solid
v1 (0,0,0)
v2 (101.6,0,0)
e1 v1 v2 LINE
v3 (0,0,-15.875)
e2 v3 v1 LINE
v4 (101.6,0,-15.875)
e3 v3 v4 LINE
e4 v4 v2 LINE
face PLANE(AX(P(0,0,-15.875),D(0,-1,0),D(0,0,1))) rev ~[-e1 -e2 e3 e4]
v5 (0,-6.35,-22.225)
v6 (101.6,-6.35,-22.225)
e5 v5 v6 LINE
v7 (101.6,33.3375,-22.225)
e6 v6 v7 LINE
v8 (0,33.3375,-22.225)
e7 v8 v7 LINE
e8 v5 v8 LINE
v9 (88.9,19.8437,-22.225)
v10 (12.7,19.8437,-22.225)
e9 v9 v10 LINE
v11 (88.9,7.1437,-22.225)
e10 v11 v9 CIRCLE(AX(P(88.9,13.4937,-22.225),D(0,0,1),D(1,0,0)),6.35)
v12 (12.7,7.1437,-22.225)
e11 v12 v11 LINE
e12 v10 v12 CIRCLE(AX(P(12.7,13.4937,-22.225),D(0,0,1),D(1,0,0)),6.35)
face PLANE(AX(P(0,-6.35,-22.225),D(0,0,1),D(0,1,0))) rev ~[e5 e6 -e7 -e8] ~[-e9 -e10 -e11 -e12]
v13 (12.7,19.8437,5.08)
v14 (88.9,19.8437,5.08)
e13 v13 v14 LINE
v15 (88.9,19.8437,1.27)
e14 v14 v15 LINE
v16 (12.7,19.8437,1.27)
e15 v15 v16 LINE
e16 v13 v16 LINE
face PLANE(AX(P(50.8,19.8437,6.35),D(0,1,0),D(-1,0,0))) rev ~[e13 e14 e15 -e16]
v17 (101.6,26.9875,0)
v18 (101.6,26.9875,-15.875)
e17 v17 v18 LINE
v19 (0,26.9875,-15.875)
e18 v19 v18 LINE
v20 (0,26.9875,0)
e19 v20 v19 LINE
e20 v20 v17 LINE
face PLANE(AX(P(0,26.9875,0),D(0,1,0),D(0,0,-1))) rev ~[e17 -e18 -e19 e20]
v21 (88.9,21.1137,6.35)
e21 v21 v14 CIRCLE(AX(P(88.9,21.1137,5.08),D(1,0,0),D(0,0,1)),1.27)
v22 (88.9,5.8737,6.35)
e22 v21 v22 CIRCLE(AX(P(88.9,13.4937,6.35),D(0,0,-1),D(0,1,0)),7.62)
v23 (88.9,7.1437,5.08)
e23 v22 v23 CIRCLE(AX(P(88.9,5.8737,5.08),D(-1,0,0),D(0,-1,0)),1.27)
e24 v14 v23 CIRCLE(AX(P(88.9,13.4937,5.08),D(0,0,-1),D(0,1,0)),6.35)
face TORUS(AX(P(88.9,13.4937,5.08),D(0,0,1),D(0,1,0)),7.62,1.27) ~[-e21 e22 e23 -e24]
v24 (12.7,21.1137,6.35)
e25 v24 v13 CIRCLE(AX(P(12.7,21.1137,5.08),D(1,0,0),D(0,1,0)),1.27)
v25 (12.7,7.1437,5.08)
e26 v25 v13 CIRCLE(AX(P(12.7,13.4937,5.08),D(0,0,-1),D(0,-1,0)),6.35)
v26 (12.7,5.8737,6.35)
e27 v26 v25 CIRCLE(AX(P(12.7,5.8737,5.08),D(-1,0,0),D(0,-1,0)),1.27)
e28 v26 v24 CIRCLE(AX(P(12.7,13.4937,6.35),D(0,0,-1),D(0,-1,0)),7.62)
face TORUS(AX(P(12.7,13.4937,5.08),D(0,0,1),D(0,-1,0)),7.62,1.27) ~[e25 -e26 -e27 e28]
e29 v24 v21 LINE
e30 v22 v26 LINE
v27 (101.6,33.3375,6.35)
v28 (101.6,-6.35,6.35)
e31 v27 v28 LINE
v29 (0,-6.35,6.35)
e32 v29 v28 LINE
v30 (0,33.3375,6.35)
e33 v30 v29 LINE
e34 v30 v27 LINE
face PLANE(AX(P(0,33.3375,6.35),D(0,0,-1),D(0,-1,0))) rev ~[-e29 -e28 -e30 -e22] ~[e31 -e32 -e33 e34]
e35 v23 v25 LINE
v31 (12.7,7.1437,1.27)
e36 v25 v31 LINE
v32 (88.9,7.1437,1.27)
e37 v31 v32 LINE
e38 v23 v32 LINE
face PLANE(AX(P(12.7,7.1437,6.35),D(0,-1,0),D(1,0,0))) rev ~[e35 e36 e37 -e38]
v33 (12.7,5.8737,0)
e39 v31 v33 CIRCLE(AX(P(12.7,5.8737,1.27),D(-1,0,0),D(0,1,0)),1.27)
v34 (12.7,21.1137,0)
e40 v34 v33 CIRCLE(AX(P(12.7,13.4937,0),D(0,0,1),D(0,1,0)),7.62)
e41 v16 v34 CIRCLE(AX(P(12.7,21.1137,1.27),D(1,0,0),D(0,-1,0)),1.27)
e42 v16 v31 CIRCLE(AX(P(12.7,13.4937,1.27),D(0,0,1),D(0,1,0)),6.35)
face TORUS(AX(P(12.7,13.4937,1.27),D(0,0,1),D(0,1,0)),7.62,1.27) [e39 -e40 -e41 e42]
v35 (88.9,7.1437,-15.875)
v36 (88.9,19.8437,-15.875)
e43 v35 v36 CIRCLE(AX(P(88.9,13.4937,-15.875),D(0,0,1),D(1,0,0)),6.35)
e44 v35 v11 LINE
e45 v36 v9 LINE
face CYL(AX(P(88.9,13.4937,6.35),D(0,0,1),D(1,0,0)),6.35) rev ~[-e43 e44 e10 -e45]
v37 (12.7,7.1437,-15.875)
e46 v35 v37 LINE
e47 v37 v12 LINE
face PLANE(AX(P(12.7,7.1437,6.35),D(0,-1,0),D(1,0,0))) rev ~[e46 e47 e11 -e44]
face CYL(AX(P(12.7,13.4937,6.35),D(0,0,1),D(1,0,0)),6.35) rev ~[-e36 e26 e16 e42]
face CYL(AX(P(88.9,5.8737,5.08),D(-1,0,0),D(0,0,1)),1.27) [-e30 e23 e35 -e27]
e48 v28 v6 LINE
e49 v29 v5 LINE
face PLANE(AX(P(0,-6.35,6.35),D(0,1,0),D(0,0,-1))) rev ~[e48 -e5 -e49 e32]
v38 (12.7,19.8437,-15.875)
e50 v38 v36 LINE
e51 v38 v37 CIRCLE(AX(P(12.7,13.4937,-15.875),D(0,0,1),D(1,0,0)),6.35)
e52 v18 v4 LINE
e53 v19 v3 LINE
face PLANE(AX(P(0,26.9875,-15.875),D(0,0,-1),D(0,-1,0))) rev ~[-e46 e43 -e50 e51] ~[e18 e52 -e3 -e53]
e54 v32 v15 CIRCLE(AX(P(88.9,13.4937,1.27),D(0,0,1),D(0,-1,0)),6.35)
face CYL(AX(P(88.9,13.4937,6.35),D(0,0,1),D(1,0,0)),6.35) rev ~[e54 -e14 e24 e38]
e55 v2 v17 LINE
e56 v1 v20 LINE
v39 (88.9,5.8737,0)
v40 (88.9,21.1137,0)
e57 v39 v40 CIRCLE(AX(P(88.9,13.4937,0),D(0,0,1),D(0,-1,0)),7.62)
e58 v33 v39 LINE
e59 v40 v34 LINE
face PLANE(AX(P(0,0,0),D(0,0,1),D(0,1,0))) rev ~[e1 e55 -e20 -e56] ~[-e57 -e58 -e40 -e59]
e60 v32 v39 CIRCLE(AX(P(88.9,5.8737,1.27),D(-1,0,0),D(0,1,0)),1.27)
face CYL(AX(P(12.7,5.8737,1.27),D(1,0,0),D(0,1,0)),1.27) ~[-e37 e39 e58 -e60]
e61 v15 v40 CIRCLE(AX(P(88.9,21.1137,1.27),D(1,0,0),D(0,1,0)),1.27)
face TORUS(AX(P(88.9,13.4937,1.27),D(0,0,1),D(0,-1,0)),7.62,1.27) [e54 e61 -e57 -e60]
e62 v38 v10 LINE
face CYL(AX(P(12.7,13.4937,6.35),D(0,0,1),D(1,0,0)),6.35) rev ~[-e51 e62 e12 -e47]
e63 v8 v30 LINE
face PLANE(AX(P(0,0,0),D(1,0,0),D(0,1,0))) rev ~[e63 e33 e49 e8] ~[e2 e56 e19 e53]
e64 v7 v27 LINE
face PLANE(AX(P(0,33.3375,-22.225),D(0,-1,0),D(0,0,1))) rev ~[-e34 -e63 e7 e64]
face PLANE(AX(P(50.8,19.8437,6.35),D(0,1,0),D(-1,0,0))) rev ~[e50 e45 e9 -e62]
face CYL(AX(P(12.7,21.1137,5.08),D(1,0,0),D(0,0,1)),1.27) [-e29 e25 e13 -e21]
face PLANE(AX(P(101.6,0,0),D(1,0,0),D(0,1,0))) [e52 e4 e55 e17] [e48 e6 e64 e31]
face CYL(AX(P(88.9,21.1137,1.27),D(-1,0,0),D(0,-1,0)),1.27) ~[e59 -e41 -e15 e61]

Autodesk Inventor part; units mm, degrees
ref_plane "YZ Plane" through (0, 0, 0) normal (1, 0, 0) x (0, 1, 0)
ref_plane "XZ Plane" through (0, 0, 0) normal (0, 1, 0) x (-1, 0, 0)
ref_plane "XY Plane" through (0, 0, 0) normal (0, 0, 1) x (1, 0, 0)
sketch "Sketch1" plane through (0, 0, 0) normal (1, 0, 0) x (0, 1, 0)
  line L0 (0, 0) -> (26.9875, 0)
  line L1 (26.9875, 0) -> (26.9875, -15.875)
  line L2 (26.9875, -15.875) -> (0, -15.875)
  line L3 (0, -15.875) -> (0, 0)
  line L4 (33.3375, -22.225) -> (33.3375, 6.35)
  line L5 (33.3375, 6.35) -> (-6.35, 6.35)
  line L6 (-6.35, 6.35) -> (-6.35, -22.225)
  line L7 (-6.35, -22.225) -> (33.3375, -22.225)
  dimension "d0" = 26.9875
  dimension "d1" = 15.875
  dimension "d2" = 6.35
extrude "Extrusion1" add sketch "Sketch1" along normal blind 101.6
sketch "Sketch2" plane through (0, -6.35, 6.35) normal (0, 0, 1) x (1, 0, 0)
  line L0 (0, 39.6875) -> (0, 0) projected
  line L1 (0, 19.8437) -> (101.6, 19.8437)
  line L2 (101.6, 39.6875) -> (101.6, 0) projected
  circle A0 centre (12.7, 19.8437) radius 6.35
  line L3 (50.8, 39.6875) -> (50.8, 0)
  line L4 (0, 0) -> (101.6, 0) projected
  circle A1 centre (88.9, 19.8437) radius 6.35
  line L5 (88.9, 26.1937) -> (12.7, 26.1937)
  line L6 (12.7, 13.4937) -> (88.9, 13.4937)
  point P0 (0, 6.35)
  dimension "d5" = 12.7
  dimension "d6" = 12.7
  dimension "d7" = 50.8
extrude "Extrusion2" cut sketch "Sketch2" against normal through all contours A0 L1 | L1 A0 | A0 L5 L3 L1 | L1 L3 L6 A0 | L3 L1 A1 L6 | L3 L5 A1 L1 | A1 L1 | A1 L1
fillet "Fillet1" radius 1.27 4 edges at (6.35, 13.4938, 6.35) (50.8, 19.8438, 6.35) (95.25, 13.4938, 6.35) (50.8, 7.1438, 6.35)
fillet "Fillet2" radius 1.27 4 edges at (50.8, 7.1438, 0) (95.25, 13.4938, 0) (50.8, 19.8438, 0) (6.35, 13.4938, 0)
properties part number "housing"
